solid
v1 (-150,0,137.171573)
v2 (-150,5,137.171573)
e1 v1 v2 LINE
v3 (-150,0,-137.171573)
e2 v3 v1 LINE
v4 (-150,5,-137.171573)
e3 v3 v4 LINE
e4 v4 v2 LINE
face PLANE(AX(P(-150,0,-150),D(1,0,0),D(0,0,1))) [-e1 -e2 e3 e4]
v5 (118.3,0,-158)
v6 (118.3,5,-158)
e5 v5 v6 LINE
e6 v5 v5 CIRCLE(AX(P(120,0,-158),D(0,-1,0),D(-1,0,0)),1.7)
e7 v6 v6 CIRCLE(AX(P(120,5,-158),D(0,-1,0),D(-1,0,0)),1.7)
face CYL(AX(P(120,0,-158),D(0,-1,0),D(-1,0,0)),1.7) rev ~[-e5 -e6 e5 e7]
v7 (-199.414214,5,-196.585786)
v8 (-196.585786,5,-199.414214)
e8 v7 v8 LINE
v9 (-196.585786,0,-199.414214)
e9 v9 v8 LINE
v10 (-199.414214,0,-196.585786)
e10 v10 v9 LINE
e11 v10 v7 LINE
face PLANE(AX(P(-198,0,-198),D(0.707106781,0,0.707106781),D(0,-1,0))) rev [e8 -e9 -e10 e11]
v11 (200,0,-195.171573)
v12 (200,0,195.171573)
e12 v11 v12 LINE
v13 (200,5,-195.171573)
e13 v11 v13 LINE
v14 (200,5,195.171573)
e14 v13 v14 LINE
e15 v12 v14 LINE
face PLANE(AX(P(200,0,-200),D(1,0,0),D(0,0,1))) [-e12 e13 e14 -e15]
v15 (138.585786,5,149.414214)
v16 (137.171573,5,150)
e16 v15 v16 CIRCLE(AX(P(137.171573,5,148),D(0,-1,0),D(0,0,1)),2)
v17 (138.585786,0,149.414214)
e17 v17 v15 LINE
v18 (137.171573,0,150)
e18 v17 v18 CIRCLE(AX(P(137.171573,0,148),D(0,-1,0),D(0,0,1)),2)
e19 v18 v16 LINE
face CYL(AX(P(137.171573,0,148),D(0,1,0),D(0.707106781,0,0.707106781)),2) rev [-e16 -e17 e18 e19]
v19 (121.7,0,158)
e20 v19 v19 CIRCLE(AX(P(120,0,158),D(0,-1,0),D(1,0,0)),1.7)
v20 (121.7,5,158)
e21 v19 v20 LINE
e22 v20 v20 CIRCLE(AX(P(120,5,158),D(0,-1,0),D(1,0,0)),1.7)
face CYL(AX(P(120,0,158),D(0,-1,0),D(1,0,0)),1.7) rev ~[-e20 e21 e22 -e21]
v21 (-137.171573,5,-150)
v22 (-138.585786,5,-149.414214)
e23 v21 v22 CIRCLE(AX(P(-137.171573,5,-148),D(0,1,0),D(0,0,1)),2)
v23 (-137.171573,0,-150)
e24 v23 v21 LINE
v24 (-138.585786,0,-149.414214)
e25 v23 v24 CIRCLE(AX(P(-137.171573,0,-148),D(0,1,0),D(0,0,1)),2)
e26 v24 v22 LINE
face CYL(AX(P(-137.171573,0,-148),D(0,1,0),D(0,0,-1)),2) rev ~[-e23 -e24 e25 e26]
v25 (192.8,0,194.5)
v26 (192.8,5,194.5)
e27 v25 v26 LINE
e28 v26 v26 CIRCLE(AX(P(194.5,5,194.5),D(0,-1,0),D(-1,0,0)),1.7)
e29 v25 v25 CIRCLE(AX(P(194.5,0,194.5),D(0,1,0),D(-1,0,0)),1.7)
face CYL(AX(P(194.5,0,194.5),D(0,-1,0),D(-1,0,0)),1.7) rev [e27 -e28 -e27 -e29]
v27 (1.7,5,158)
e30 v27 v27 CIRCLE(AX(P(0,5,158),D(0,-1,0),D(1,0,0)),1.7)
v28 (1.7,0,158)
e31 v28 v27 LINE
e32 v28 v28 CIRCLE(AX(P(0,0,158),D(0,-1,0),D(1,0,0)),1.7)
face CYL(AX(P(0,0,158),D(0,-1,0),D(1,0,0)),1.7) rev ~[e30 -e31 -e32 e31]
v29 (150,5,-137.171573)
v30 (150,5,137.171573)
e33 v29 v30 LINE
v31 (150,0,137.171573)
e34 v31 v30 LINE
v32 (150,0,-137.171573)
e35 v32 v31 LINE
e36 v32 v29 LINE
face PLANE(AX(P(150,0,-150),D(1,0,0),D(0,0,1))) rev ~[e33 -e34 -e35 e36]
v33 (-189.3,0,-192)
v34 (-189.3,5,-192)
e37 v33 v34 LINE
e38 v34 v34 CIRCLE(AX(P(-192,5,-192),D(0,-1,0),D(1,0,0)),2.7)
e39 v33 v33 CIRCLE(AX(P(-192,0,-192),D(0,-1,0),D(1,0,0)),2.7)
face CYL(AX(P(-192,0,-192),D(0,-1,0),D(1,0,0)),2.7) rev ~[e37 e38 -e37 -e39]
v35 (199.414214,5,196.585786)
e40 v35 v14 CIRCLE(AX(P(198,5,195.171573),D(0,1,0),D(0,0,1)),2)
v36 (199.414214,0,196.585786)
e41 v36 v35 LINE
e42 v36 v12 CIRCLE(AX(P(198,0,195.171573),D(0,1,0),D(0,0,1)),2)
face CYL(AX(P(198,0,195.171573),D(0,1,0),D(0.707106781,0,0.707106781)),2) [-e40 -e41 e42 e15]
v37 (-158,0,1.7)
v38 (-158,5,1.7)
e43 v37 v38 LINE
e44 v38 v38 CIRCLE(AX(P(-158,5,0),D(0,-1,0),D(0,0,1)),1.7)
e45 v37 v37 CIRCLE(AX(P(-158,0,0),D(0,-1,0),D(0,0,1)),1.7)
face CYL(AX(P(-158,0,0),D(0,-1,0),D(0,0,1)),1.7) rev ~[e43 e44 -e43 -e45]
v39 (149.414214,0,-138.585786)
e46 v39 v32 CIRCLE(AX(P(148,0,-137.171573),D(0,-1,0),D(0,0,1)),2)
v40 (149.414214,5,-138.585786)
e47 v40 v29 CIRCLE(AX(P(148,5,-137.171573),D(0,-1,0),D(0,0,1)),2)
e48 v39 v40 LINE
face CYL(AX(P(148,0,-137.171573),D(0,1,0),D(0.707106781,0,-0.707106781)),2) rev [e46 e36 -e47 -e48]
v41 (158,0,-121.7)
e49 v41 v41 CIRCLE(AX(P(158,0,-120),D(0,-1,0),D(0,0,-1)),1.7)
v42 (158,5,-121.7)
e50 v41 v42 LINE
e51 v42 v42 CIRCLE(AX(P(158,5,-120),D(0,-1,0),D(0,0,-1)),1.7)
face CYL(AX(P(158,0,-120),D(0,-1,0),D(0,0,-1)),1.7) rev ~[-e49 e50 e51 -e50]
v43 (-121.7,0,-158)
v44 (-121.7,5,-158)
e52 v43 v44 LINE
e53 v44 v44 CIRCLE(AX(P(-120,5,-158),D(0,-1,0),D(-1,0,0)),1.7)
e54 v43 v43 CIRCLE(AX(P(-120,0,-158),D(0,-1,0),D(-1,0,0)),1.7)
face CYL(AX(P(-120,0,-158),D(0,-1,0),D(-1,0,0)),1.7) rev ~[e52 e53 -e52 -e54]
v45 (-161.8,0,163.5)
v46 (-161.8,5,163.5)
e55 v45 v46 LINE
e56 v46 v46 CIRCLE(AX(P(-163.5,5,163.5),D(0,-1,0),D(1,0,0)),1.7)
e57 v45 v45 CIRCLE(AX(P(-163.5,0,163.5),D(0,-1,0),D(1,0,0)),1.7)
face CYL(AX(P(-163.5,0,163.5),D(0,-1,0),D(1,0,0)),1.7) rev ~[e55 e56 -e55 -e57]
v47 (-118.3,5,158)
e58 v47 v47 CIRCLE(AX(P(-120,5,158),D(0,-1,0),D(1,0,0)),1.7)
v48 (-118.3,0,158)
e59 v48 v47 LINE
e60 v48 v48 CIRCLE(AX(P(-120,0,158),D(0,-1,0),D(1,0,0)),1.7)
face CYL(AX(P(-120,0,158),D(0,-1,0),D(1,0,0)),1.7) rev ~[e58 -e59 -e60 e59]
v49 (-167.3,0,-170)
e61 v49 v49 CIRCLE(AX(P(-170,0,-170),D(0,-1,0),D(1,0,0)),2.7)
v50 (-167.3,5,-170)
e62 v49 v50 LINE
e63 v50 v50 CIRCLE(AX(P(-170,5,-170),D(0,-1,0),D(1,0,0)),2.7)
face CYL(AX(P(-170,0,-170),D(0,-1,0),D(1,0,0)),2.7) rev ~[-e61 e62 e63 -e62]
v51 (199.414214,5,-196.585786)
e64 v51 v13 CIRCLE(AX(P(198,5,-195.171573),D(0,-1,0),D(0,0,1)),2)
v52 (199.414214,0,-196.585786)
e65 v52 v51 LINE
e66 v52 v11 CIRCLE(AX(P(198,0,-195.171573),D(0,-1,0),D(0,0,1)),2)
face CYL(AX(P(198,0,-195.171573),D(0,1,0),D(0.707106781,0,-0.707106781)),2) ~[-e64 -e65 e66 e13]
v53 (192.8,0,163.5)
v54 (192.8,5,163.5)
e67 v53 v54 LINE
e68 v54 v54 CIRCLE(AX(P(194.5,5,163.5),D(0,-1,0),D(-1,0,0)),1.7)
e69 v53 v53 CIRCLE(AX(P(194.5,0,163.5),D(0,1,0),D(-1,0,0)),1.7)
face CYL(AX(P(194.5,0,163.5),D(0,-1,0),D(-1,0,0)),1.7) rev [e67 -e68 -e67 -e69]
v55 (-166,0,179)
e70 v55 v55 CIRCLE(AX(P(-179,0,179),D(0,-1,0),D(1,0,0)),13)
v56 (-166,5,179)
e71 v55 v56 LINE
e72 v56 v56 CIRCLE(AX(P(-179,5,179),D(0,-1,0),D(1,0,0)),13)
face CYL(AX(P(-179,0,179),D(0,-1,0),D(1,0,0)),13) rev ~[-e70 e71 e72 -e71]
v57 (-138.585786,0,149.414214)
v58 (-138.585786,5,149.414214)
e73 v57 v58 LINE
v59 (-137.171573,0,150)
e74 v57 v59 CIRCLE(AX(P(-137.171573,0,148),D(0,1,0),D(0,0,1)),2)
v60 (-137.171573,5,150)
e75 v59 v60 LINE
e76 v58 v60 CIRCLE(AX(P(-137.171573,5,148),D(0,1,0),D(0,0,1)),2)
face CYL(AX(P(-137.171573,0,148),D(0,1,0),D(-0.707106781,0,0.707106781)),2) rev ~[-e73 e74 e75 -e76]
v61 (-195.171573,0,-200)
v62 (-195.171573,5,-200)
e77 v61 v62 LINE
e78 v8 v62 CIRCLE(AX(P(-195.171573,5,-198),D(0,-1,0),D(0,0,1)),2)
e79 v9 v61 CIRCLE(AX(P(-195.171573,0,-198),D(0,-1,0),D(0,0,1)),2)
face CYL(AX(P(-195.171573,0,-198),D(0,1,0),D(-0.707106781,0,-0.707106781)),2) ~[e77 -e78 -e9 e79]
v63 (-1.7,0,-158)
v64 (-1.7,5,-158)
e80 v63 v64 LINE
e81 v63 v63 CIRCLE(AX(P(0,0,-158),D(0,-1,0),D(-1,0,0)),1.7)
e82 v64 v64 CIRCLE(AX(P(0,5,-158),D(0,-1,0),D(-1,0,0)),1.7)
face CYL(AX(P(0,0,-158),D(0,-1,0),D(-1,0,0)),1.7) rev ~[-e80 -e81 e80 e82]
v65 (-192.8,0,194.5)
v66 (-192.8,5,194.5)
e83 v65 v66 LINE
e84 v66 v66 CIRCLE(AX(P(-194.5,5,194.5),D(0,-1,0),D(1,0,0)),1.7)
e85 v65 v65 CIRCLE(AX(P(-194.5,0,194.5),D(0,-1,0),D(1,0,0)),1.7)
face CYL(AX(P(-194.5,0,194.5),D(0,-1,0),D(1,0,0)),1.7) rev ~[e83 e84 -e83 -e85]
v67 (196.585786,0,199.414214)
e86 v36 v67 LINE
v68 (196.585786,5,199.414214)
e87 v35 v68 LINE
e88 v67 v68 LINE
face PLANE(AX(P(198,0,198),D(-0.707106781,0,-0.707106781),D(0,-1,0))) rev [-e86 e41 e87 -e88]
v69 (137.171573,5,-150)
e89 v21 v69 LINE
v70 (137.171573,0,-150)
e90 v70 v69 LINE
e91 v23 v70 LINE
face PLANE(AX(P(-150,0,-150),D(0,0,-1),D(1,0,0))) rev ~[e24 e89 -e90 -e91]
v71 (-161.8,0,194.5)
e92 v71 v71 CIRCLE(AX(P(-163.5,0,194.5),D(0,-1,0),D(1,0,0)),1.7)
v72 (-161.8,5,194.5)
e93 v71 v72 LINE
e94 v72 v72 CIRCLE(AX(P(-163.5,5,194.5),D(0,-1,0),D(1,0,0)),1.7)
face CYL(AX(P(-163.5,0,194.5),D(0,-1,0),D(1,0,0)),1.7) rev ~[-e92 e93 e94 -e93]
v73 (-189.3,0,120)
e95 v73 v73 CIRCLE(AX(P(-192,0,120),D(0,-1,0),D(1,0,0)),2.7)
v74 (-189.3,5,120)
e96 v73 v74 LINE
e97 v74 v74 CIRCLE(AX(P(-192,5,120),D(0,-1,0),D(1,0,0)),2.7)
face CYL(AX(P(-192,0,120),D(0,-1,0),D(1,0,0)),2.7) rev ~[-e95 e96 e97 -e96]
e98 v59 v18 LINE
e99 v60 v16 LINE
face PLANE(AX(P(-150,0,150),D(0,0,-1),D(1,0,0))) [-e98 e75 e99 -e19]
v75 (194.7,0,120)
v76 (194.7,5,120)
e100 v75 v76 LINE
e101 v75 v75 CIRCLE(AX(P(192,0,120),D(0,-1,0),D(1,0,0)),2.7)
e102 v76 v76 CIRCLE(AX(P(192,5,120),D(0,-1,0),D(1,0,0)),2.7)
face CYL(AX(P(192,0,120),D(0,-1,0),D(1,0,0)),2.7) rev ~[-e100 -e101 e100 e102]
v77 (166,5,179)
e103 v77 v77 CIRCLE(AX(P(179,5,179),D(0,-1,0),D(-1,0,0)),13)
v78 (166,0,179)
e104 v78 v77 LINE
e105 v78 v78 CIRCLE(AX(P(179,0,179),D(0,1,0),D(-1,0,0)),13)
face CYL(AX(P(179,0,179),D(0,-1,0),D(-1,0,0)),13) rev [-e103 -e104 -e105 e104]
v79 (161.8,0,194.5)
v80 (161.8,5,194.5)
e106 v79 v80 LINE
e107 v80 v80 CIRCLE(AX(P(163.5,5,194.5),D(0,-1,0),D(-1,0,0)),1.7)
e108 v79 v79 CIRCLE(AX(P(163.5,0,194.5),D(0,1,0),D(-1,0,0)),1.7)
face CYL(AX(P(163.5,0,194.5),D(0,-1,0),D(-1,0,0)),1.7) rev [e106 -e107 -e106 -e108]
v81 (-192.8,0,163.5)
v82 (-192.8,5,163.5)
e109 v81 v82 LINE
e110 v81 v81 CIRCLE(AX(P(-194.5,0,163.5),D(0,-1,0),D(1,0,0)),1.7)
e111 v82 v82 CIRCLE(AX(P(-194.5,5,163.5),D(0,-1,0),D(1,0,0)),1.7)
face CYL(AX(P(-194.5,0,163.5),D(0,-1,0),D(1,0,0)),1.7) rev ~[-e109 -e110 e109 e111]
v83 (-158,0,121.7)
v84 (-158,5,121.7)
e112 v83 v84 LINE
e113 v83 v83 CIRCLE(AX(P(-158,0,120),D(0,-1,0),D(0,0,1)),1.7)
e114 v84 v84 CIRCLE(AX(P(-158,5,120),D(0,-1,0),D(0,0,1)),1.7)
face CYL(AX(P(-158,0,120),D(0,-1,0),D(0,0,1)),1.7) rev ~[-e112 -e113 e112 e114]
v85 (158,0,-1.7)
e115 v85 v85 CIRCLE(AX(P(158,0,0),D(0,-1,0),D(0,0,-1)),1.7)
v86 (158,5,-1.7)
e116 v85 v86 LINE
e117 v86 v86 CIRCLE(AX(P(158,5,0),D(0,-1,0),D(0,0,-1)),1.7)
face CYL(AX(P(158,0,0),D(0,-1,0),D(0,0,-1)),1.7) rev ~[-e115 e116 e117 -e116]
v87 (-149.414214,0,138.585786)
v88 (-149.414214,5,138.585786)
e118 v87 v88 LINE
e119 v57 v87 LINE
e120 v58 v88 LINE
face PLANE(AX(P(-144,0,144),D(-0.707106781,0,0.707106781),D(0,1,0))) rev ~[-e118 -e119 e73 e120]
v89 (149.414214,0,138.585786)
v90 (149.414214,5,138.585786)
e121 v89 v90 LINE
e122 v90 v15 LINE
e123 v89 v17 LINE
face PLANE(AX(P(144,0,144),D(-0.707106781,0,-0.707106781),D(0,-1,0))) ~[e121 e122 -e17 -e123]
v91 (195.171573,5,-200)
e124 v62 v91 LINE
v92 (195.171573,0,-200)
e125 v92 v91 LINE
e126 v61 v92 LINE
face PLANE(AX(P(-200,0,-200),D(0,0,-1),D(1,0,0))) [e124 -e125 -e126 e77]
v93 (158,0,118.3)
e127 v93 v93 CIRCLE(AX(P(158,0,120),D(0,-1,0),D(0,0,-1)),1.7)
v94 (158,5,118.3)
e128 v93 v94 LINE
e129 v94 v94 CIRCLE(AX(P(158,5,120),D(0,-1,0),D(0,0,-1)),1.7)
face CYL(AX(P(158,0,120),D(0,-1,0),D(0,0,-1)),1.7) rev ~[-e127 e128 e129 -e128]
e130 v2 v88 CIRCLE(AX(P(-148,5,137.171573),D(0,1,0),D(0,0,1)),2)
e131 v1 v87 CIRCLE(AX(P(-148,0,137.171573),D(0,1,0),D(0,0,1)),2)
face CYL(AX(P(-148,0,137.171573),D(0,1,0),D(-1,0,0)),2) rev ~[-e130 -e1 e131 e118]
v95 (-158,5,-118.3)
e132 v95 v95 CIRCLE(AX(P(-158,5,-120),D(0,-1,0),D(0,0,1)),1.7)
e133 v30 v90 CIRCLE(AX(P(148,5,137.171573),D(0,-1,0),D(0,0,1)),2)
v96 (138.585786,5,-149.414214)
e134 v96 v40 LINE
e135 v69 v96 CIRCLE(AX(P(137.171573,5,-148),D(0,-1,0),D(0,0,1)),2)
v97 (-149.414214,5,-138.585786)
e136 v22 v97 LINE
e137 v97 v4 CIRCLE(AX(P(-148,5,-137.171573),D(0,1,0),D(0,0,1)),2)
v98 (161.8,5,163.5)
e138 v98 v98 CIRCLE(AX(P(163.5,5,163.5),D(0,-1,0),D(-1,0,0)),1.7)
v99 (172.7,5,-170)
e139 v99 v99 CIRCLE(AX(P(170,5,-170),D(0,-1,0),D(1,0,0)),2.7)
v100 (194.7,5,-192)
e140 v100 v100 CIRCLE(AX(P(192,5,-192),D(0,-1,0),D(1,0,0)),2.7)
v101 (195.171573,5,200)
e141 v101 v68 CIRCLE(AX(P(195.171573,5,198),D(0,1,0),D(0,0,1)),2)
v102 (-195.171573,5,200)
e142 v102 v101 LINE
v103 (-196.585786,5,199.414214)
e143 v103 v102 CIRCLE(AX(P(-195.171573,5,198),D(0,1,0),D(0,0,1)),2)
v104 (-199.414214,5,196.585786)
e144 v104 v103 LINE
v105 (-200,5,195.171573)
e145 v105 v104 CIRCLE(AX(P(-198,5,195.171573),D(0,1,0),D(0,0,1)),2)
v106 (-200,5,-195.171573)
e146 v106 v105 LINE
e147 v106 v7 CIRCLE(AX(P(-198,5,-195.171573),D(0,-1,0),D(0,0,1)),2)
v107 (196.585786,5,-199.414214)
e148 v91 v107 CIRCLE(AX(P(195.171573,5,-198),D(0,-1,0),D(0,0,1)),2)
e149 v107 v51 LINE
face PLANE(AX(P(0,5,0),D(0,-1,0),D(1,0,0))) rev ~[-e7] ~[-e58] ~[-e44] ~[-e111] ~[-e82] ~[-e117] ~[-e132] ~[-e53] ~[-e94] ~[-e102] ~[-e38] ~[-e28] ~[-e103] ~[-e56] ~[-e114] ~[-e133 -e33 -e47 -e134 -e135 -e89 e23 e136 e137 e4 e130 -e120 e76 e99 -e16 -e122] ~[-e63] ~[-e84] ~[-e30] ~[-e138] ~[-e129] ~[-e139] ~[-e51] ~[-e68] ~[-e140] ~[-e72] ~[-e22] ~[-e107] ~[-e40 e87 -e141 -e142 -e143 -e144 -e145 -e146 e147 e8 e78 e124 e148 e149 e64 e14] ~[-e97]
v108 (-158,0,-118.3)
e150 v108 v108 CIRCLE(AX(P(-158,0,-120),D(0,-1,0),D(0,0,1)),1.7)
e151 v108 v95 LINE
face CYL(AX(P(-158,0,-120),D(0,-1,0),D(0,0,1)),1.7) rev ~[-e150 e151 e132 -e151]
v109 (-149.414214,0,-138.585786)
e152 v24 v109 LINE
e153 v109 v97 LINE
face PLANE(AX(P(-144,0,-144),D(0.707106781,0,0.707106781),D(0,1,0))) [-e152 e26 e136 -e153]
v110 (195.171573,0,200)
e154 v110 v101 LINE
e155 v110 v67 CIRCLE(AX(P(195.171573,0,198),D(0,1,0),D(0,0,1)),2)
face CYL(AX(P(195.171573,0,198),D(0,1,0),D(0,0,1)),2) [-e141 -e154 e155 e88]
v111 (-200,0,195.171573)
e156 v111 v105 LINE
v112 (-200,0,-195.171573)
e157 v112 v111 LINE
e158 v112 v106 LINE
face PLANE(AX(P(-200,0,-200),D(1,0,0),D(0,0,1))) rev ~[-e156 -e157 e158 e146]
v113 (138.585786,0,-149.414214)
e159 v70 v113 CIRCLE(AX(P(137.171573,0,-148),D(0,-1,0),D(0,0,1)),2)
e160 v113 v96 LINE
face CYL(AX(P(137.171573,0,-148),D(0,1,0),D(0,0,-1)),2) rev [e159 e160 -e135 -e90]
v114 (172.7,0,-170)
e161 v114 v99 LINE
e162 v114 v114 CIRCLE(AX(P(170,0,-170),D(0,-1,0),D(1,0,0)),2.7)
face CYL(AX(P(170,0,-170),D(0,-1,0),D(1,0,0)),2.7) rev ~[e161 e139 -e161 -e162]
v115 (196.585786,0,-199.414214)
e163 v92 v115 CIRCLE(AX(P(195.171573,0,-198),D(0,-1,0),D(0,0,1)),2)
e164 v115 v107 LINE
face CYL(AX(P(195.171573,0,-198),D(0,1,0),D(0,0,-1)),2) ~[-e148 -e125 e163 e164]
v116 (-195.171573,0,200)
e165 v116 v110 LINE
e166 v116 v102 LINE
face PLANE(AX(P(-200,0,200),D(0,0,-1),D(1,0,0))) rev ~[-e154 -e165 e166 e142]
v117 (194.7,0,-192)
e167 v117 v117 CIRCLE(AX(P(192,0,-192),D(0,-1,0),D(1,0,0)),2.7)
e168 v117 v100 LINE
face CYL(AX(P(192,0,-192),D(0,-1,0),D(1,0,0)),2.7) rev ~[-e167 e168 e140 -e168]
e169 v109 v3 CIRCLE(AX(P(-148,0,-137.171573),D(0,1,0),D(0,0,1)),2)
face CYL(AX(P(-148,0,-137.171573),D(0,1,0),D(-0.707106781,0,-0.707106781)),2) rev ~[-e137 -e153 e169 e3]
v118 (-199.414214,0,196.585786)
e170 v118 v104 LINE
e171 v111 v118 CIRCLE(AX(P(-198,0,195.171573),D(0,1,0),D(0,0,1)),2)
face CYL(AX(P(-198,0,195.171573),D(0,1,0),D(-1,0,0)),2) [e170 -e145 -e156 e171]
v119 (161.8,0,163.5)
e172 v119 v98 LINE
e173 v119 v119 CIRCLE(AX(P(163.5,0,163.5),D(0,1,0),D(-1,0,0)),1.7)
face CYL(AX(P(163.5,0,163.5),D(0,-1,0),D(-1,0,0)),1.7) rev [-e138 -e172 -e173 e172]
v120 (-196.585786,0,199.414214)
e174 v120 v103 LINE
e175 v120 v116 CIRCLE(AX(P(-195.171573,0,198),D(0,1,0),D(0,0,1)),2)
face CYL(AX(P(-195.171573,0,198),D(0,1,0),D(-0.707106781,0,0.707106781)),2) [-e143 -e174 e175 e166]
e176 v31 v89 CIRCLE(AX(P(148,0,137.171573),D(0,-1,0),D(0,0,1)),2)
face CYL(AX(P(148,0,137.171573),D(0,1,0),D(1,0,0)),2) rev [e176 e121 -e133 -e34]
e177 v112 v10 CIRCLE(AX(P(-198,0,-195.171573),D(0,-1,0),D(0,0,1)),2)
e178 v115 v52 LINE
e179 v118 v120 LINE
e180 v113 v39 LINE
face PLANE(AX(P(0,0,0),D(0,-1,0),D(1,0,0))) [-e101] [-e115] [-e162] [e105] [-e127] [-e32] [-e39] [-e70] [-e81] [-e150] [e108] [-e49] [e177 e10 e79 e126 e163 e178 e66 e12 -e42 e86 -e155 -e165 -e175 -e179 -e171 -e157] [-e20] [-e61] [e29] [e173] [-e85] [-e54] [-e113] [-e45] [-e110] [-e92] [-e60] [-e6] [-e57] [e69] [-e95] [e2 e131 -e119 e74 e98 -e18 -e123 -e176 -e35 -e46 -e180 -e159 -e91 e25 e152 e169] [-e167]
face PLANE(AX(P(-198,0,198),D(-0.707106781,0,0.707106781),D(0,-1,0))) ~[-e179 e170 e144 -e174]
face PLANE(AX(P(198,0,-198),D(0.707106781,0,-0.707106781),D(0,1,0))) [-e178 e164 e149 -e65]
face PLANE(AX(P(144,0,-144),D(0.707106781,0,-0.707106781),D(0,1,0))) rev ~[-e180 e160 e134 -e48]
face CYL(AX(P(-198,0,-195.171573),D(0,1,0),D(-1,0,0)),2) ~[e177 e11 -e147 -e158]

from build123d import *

# Parameters (mm, degrees)
SKETCH001_W        = 400
SKETCH001_H        = 400
PAD_DEPTH          = 5
CHAMFER_SIZE       = 4
FILLET_R           = 2
SKETCH002_W        = 300
SKETCH002_H        = 300
POCKET_DEPTH       = 5.001
CHAMFER001_SIZE    = 12
FILLET001_R        = 2
SKETCH003_R        = 13
SKETCH003_R_2      = 1.7
POCKET001_DEPTH    = 1136.416043
SKETCH008_R        = 2.7
POCKET003_DEPTH    = 5.001
SKETCH009_R        = 1.7
POCKET004_DEPTH    = 1136.416043
POLARPATTERN_COUNT = 4


with BuildPart() as part:
    # Sketch001 → Pad (new body)
    with BuildSketch(Plane.XZ):
        Rectangle(SKETCH001_W, SKETCH001_H)
    extrude(amount=-PAD_DEPTH)

    # Chamfer
    chamfer_edges = [part.edges().sort_by_distance(p)[0] for p in [
        (-200, 2.5, 200),
        (200, 2.5, 200),
        (200, 2.5, -200),
        (-200, 2.5, -200),
    ]]
    chamfer(chamfer_edges, length=CHAMFER_SIZE)

    # Fillet
    fillet_edges = [part.edges().sort_by_distance(p)[0] for p in [
        (196, 2.5, 200),
        (200, 2.5, 196),
        (200, 2.5, -196),
        (196, 2.5, -200),
        (-200, 2.5, -196),
        (-196, 2.5, -200),
        (-200, 2.5, 196),
        (-196, 2.5, 200),
    ]]
    fillet(fillet_edges, radius=FILLET_R)

    # Sketch002 → Pocket (cut, through all)
    with BuildSketch(Plane.XZ):
        Rectangle(SKETCH002_W, SKETCH002_H)
    extrude(amount=-POCKET_DEPTH, mode=Mode.SUBTRACT)

    # Chamfer001
    chamfer001_edges = [part.edges().sort_by_distance(p)[0] for p in [
        (-150, 2.5, -150),
        (150, 2.5, -150),
        (150, 2.5, 150),
        (-150, 2.5, 150),
    ]]
    chamfer(chamfer001_edges, length=CHAMFER001_SIZE)

    # Fillet001
    fillet001_edges = [part.edges().sort_by_distance(p)[0] for p in [
        (-138, 2.5, 150),
        (-150, 2.5, 138),
        (-150, 2.5, -138),
        (-138, 2.5, -150),
        (150, 2.5, 138),
        (138, 2.5, 150),
        (150, 2.5, -138),
        (138, 2.5, -150),
    ]]
    fillet(fillet001_edges, radius=FILLET001_R)

    # Sketch003 → Pocket001 (cut, through all)
    with BuildSketch(Plane.XZ):
        with Locations((-179, 179)):
            Circle(SKETCH003_R)
        with Locations((-163.5, 194.5)):
            Circle(SKETCH003_R_2)
        with Locations((-194.5, 194.5)):
            Circle(SKETCH003_R_2)
        with Locations((-194.5, 163.5)):
            Circle(SKETCH003_R_2)
        with Locations((-163.5, 163.5)):
            Circle(SKETCH003_R_2)
    pocket001 = extrude(amount=-POCKET001_DEPTH, mode=Mode.SUBTRACT)

    # Mirrored: Pocket001 across Sketch003 V_Axis
    add(pocket001.mirror(Plane(origin=(0, 0, 0), x_dir=(0, -1, 0), z_dir=(1, 0, 0))), mode=Mode.SUBTRACT)

    # Sketch008 → Pocket003 (cut, through all)
    with BuildSketch(Plane.XZ):
        with Locations((-192, 120)):
            Circle(SKETCH008_R)
        with Locations((-192, -192)):
            Circle(SKETCH008_R)
        with Locations((192, -192)):
            Circle(SKETCH008_R)
        with Locations((192, 120)):
            Circle(SKETCH008_R)
        with Locations((170, -170)):
            Circle(SKETCH008_R)
        with Locations((-170, -170)):
            Circle(SKETCH008_R)
    extrude(amount=-POCKET003_DEPTH, mode=Mode.SUBTRACT)

    # Sketch009 → Pocket004 (cut, through all)
    with BuildSketch(Plane.XZ):
        with Locations((-120, 158)):
            Circle(SKETCH009_R)
        with Locations((0, 158)):
            Circle(SKETCH009_R)
        with Locations((120, 158)):
            Circle(SKETCH009_R)
    pocket004 = extrude(amount=-POCKET004_DEPTH, mode=Mode.SUBTRACT)

    # PolarPattern: Pocket004 ×4 about axis
    polarpattern_axis = Axis((0, 0, 0), (0, -1, 0))
    for i in range(1, POLARPATTERN_COUNT):
        add(pocket004.rotate(polarpattern_axis, i * 360 / POLARPATTERN_COUNT), mode=Mode.SUBTRACT)


solid = part.part
